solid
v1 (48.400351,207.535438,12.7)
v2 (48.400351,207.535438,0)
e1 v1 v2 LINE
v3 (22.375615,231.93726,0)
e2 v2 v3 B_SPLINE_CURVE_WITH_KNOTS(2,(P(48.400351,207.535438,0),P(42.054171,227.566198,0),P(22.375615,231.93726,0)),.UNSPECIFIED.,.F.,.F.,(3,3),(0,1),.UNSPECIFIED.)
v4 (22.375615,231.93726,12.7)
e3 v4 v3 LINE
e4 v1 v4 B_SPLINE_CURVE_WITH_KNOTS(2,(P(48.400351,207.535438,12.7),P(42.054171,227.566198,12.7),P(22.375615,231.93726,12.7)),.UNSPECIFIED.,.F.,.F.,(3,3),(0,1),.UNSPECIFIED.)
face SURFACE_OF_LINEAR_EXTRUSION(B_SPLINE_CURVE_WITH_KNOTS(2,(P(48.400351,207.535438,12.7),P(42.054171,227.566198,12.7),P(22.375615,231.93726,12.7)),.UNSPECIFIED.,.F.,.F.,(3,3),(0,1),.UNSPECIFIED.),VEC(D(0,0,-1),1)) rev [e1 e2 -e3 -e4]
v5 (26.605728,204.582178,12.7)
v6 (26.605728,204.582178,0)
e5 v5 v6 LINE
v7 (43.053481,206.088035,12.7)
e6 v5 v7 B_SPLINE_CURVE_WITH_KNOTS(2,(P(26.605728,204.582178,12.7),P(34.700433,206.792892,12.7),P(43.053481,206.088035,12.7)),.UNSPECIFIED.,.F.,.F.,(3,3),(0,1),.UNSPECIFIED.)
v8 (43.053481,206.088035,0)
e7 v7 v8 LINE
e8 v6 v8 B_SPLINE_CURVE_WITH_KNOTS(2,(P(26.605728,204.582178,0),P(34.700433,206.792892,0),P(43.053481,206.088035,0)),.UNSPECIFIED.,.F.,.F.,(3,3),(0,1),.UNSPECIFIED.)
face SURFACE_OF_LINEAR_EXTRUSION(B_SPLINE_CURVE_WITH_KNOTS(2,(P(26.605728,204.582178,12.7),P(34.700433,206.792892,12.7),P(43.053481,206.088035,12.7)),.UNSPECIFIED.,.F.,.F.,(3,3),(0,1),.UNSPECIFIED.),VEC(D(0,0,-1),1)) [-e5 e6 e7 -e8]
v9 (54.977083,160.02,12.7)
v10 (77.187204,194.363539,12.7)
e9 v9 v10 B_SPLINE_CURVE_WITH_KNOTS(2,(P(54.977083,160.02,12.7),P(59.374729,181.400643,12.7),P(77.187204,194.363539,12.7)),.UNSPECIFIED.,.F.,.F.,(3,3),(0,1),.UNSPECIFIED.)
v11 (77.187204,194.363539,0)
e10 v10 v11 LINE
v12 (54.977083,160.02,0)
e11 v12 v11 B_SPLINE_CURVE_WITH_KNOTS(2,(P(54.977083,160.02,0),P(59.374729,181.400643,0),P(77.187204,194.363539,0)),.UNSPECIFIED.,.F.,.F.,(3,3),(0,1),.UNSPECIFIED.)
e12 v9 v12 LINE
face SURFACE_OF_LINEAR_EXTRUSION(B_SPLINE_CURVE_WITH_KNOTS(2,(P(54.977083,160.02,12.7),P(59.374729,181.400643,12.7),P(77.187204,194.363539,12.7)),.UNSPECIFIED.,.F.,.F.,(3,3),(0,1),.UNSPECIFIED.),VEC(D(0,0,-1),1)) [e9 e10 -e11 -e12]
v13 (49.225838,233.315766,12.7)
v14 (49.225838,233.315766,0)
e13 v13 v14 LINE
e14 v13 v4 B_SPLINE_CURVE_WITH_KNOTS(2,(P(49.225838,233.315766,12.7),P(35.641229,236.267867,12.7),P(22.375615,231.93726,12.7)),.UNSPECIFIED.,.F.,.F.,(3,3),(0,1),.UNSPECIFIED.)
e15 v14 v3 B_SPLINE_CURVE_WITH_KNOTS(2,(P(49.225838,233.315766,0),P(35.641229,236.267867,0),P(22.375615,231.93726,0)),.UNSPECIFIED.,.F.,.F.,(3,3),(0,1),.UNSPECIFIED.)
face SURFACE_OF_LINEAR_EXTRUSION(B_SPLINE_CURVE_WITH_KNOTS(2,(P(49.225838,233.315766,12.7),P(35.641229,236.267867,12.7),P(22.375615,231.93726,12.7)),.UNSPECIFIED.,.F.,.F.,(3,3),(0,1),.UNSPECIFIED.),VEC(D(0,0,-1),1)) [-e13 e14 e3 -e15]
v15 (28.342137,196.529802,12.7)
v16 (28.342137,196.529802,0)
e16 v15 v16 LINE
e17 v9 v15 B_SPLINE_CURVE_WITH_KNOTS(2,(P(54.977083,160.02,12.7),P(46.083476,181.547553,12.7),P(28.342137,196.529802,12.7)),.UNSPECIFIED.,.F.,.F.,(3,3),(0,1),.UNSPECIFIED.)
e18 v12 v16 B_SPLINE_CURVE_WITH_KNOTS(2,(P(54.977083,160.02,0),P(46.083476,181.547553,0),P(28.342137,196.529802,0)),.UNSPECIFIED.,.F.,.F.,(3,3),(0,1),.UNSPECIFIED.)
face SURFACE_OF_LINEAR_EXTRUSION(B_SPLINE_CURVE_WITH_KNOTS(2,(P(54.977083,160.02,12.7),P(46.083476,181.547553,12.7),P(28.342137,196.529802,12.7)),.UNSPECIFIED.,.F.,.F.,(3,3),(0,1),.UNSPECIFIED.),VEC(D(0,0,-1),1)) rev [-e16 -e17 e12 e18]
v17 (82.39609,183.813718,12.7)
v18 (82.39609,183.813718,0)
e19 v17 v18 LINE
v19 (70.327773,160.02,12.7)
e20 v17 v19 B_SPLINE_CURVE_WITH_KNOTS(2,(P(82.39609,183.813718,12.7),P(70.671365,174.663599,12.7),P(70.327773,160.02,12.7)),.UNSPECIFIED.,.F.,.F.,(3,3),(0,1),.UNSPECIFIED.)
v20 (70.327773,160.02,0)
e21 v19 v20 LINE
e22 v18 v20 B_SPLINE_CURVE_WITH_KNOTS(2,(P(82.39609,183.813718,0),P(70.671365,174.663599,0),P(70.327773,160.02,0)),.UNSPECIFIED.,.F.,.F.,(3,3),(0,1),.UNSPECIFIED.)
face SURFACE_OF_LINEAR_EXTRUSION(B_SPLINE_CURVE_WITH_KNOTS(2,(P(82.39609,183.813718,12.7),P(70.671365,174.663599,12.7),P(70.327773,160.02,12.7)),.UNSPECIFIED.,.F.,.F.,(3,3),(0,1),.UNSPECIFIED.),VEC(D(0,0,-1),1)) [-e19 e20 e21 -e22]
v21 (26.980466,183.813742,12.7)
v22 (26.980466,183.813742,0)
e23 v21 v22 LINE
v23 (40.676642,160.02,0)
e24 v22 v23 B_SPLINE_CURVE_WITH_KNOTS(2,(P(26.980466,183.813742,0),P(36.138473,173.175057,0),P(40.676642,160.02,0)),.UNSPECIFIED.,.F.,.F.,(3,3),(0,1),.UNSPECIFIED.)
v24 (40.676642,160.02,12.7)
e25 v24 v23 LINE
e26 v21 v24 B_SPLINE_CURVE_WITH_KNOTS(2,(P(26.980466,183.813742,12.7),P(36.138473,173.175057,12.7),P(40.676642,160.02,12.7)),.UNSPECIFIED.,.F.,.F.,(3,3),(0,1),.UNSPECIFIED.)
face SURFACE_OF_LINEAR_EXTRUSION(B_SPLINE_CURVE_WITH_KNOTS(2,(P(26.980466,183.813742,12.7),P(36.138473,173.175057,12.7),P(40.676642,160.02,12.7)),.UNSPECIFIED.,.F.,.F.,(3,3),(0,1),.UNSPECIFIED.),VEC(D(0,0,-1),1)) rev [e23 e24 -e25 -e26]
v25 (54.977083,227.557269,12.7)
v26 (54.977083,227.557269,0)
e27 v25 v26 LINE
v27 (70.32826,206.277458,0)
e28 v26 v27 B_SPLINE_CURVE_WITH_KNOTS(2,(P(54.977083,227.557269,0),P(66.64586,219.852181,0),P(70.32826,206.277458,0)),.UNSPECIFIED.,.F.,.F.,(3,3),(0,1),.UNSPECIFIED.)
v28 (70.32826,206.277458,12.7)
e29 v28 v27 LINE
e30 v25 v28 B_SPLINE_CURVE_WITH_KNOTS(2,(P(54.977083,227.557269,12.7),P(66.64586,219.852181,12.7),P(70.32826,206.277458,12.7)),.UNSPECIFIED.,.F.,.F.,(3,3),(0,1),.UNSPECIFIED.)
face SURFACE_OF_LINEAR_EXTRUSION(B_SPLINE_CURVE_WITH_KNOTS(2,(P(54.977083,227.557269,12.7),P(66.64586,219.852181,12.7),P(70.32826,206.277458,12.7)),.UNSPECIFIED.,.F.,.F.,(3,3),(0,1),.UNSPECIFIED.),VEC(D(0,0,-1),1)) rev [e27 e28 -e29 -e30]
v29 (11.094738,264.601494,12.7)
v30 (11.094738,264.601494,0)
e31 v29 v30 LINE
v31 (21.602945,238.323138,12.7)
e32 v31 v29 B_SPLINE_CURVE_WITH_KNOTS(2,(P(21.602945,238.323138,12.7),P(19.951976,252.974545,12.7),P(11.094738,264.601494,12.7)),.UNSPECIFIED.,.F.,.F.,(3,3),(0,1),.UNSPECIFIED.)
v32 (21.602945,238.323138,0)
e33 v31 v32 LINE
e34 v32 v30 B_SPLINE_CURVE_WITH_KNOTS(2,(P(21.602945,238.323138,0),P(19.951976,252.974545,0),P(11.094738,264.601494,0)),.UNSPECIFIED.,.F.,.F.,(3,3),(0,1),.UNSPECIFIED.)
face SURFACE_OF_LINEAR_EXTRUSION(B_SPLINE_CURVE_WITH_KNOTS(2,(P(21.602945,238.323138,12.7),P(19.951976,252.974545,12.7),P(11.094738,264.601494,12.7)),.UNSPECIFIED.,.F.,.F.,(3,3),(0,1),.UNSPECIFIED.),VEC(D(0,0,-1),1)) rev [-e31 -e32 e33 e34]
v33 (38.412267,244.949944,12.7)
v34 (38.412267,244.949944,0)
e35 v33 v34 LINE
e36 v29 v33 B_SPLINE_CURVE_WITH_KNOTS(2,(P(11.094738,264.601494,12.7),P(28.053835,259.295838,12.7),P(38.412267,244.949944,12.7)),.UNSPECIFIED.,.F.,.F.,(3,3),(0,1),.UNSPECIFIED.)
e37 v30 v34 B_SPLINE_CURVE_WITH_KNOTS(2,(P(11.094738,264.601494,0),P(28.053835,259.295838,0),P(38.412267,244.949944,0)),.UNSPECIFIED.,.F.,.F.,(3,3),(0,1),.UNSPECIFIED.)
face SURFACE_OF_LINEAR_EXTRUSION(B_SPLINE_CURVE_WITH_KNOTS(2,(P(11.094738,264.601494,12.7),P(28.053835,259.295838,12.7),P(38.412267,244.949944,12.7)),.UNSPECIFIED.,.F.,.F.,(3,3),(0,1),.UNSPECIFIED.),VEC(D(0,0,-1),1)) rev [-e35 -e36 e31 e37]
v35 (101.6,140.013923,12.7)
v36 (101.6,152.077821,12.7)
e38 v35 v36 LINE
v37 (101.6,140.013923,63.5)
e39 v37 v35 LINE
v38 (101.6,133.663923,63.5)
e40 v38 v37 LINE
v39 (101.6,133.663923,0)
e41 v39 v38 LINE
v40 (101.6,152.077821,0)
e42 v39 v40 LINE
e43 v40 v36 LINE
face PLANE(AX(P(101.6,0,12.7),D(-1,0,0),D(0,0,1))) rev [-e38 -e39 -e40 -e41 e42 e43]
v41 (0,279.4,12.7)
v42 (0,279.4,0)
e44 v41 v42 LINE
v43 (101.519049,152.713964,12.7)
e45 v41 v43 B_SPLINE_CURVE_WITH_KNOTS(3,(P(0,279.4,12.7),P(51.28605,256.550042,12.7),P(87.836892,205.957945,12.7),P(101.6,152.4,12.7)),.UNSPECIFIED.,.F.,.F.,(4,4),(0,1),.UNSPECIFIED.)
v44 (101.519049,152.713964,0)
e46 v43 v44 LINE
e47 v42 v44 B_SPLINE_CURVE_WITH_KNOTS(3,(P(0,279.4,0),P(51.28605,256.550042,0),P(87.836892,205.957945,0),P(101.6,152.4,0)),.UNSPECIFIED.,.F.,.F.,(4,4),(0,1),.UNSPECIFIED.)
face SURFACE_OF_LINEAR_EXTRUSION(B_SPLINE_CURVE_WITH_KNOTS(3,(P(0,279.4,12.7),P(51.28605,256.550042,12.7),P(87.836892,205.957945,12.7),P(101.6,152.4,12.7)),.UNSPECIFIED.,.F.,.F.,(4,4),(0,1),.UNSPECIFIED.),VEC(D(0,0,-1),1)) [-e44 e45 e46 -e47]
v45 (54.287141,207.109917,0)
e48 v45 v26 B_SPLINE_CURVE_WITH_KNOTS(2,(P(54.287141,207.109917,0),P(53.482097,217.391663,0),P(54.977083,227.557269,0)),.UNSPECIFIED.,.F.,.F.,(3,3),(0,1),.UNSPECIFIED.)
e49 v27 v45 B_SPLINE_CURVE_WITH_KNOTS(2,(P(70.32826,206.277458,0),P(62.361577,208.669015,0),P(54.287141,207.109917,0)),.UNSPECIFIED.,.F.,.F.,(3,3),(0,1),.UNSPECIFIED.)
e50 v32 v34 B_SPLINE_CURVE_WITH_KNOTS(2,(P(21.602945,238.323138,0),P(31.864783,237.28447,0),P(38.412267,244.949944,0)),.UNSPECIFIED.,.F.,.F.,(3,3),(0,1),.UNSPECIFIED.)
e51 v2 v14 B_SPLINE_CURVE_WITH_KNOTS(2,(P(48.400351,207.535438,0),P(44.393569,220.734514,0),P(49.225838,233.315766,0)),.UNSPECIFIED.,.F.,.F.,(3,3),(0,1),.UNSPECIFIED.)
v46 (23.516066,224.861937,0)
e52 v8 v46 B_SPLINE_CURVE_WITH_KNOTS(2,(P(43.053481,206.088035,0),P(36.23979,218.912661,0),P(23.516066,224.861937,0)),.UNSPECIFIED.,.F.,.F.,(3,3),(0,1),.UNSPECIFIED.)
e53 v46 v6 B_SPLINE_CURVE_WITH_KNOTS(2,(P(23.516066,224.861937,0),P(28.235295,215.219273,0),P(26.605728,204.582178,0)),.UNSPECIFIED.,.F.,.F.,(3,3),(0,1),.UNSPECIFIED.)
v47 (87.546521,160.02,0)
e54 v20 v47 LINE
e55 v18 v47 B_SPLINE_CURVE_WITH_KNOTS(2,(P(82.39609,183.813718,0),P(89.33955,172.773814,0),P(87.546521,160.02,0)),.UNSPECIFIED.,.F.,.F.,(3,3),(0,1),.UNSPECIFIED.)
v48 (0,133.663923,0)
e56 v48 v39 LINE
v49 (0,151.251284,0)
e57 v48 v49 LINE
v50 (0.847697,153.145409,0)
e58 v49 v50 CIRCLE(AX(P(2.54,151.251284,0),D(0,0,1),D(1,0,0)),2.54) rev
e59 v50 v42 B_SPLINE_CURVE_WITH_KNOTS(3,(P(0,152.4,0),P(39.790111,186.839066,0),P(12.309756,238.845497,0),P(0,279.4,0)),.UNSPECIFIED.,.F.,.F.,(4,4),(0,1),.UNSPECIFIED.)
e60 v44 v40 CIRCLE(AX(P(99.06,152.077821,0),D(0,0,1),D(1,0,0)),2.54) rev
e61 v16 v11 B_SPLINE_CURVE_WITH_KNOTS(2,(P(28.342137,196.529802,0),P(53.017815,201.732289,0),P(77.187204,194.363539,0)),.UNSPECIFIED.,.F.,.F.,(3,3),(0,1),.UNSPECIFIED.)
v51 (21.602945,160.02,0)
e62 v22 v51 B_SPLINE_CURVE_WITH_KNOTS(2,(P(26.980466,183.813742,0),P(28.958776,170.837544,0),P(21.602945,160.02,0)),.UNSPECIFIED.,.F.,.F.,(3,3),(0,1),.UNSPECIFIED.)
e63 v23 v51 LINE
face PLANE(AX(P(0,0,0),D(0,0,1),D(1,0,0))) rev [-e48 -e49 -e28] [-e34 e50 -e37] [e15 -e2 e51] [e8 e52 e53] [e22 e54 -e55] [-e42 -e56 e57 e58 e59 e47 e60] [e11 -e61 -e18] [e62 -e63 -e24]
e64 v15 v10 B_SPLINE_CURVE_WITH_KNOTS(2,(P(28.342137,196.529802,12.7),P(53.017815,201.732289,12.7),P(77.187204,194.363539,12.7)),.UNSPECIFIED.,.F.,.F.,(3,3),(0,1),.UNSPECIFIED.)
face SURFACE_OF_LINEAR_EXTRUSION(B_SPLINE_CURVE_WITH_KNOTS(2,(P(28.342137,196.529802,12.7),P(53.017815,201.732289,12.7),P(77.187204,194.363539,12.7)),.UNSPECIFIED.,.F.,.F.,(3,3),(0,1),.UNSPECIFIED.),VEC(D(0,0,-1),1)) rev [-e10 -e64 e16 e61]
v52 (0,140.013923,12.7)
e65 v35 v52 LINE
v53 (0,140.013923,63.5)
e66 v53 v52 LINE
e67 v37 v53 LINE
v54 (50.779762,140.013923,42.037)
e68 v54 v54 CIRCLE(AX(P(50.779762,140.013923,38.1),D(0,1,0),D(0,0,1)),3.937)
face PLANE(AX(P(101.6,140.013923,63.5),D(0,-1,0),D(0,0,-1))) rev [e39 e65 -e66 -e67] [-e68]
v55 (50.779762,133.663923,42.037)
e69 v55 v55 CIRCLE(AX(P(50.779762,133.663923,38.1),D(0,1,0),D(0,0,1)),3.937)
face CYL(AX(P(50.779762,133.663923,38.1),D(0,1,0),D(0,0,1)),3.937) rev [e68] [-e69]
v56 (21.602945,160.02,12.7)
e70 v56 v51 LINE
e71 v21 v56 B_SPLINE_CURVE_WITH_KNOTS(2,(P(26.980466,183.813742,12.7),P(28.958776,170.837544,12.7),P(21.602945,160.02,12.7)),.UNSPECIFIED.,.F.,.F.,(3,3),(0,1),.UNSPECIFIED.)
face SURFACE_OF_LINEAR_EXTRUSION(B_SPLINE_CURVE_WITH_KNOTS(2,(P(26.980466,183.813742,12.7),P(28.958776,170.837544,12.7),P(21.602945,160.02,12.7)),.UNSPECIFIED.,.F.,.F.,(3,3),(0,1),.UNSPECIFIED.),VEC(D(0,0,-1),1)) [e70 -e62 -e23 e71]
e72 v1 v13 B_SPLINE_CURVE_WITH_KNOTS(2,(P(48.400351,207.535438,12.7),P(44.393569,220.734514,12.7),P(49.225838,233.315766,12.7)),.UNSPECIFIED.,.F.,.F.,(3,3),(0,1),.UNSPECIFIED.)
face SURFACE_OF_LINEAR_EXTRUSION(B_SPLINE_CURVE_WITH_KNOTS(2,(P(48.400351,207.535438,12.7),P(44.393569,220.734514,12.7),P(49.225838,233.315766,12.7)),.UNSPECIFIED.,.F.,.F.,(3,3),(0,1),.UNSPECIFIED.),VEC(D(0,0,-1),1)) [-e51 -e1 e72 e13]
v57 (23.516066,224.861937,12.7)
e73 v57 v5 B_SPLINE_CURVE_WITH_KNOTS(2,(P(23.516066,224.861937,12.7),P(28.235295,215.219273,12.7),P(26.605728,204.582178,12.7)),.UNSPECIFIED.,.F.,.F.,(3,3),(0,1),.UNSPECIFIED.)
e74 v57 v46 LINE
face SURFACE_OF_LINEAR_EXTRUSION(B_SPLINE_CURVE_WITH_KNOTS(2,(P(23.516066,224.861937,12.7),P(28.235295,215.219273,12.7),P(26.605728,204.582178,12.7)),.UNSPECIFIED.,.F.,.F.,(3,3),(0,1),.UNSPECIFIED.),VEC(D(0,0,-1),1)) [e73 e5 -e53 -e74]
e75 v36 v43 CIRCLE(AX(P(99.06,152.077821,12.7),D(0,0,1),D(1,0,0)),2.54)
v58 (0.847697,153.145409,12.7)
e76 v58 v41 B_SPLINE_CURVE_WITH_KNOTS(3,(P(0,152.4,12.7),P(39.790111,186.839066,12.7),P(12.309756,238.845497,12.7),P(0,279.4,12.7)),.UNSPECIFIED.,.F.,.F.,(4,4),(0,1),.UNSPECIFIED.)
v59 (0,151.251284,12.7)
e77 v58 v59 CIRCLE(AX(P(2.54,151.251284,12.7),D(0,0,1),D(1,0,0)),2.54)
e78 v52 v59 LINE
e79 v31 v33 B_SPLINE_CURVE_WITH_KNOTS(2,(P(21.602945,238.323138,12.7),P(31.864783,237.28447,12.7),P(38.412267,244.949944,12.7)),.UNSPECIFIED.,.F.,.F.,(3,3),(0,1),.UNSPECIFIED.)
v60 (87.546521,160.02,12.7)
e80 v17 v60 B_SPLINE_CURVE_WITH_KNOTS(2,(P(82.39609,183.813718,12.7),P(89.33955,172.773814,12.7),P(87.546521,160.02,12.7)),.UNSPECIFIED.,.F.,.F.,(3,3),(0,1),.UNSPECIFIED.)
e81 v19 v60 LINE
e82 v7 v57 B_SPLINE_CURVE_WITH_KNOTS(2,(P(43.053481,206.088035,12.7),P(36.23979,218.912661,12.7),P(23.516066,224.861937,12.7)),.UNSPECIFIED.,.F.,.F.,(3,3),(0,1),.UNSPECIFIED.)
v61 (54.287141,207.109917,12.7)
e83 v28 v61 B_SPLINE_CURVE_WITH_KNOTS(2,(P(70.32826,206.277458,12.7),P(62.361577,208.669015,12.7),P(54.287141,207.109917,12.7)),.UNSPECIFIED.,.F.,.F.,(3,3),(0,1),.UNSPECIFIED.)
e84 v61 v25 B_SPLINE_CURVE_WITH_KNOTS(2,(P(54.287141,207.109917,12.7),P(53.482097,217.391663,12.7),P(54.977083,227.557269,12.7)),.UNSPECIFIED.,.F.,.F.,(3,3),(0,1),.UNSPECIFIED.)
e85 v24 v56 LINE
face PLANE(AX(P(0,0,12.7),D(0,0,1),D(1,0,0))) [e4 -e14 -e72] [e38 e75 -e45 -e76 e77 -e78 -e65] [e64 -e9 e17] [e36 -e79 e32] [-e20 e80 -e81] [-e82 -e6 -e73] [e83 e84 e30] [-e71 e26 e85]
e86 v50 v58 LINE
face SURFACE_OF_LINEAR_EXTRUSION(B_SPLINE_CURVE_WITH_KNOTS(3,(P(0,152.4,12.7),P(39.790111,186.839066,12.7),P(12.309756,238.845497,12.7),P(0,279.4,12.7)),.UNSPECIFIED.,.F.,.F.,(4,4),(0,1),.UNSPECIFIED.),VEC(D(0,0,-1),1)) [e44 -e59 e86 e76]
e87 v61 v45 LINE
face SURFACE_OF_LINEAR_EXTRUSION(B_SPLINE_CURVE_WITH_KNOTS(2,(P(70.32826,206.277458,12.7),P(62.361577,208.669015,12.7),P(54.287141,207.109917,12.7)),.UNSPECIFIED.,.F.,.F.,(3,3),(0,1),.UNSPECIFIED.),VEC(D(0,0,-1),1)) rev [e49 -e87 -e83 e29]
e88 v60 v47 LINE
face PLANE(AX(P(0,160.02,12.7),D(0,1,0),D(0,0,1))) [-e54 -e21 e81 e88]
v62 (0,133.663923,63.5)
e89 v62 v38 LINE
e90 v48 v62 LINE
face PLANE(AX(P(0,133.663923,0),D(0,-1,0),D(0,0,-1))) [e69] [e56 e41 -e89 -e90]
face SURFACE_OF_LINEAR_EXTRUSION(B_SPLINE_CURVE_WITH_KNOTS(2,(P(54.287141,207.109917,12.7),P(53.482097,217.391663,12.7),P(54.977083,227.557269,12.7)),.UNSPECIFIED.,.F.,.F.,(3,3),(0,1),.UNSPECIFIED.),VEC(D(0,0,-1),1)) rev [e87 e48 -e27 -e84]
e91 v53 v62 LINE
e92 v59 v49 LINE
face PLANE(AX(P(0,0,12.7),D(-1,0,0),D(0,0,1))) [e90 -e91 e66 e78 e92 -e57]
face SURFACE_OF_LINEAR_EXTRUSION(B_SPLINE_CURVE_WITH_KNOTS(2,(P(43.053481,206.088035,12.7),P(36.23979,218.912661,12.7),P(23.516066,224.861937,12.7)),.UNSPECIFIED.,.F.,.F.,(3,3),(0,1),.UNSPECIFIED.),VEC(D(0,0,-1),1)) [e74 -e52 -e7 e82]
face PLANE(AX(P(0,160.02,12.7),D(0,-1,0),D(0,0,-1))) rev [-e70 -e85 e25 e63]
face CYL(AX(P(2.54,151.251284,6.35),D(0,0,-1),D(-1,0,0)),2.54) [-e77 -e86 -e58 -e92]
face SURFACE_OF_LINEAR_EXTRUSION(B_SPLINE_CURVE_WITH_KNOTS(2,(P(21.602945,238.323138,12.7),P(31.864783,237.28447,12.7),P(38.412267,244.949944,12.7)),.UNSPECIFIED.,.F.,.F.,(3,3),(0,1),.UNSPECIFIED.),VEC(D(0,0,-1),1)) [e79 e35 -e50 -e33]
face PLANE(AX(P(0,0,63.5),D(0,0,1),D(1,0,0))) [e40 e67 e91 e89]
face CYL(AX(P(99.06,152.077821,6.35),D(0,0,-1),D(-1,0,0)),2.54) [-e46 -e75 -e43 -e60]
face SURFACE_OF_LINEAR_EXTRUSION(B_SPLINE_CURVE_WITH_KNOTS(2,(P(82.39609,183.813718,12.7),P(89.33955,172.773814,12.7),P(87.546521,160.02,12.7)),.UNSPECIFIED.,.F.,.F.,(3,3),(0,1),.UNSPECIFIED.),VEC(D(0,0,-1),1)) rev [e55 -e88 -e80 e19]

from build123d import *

# Parameters (mm, degrees)
SKETCH1_W           = 101.6
SKETCH1_H           = 152.4
BOSS_EXTRUDE1_DEPTH = 12.7
BOSS_EXTRUDE3_DEPTH = 12.7
FILLET1_R           = 2.54
FILLET2_R           = 5.08
CUT_EXTRUDE2_DEPTH  = 298.570512784
SKETCH8_W           = 101.6
SKETCH8_H           = 6.35
BOSS_EXTRUDE4_DEPTH = 50.8
SKETCH9_R           = 3.937
CUT_EXTRUDE3_DEPTH  = 184.802308472


with BuildPart() as part:
    # Sketch1 → Boss-Extrude1 (new body)
    with BuildSketch(Plane.XY):
        with Locations((50.8, 76.2)):
            Rectangle(SKETCH1_W, SKETCH1_H)
    extrude(amount=BOSS_EXTRUDE1_DEPTH)

    # Sketch2 → Boss-Extrude3 (add)
    with BuildSketch(Plane.XY):
        with BuildLine():
            add(Edge.make_bspline(
                [(0, 152.4), (39.790111277, 186.839065643), (12.30975625, 238.845497073), (0, 279.4)],
                knots=[0, 0, 0, 0, 1, 1, 1, 1], degree=3))
            add(Edge.make_bspline(
                [(0, 279.4), (51.286050257, 256.550041835), (87.836892382, 205.957944637), (101.6, 152.4)],
                knots=[0, 0, 0, 0, 1, 1, 1, 1], degree=3))
            Line((101.6, 152.4), (0, 152.4))
        make_face()
        with BuildLine():
            add(Edge.make_bspline(
                [(49.225838487, 233.315766274), (35.641228944, 236.267866949), (22.375615267, 231.937259722)],
                knots=[0, 0, 0, 1, 1, 1], degree=2))
            add(Edge.make_bspline(
                [(48.400350721, 207.535437601), (42.054170901, 227.566198031), (22.375615267, 231.937259722)],
                knots=[0, 0, 0, 1, 1, 1], degree=2))
            add(Edge.make_bspline(
                [(48.400350721, 207.535437601), (44.393568943, 220.734513873), (49.225838487, 233.315766274)],
                knots=[0, 0, 0, 1, 1, 1], degree=2))
        make_face(mode=Mode.SUBTRACT)
        with BuildLine():
            add(Edge.make_bspline(
                [(43.05348098, 206.08803494), (36.239789994, 218.91266054), (23.516066372, 224.861937296)],
                knots=[0, 0, 0, 1, 1, 1], degree=2))
            add(Edge.make_bspline(
                [(23.516066372, 224.861937296), (28.235295407, 215.21927262), (26.605728117, 204.582177714)],
                knots=[0, 0, 0, 1, 1, 1], degree=2))
            add(Edge.make_bspline(
                [(26.605728117, 204.582177714), (34.700432609, 206.792891754), (43.05348098, 206.08803494)],
                knots=[0, 0, 0, 1, 1, 1], degree=2))
        make_face(mode=Mode.SUBTRACT)
        with BuildLine():
            add(Edge.make_bspline(
                [(82.396089655, 183.81371778), (70.6713649, 174.663598784), (70.32777317, 160.02)],
                knots=[0, 0, 0, 1, 1, 1], degree=2))
            Line((70.32777317, 160.02), (87.546521436, 160.02))
            add(Edge.make_bspline(
                [(82.396089655, 183.81371778), (89.339550367, 172.773814043), (87.546521436, 160.02)],
                knots=[0, 0, 0, 1, 1, 1], degree=2))
        make_face(mode=Mode.SUBTRACT)
        with BuildLine():
            add(Edge.make_bspline(
                [(26.980466376, 183.81374211), (28.958775605, 170.837543608), (21.602944743, 160.02)],
                knots=[0, 0, 0, 1, 1, 1], degree=2))
            Line((21.602944743, 160.02), (40.676641776, 160.02))
            add(Edge.make_bspline(
                [(26.980466376, 183.81374211), (36.13847285, 173.175056715), (40.676641776, 160.02)],
                knots=[0, 0, 0, 1, 1, 1], degree=2))
        make_face(mode=Mode.SUBTRACT)
        with BuildLine():
            add(Edge.make_bspline(
                [(54.97708308, 160.02), (46.08347584, 181.54755316), (28.342136903, 196.529802482)],
                knots=[0, 0, 0, 1, 1, 1], degree=2))
            add(Edge.make_bspline(
                [(28.342136903, 196.529802482), (53.017815002, 201.732288521), (77.187204495, 194.363538628)],
                knots=[0, 0, 0, 1, 1, 1], degree=2))
            add(Edge.make_bspline(
                [(54.97708308, 160.02), (59.374728895, 181.400643158), (77.187204495, 194.363538628)],
                knots=[0, 0, 0, 1, 1, 1], degree=2))
        make_face(mode=Mode.SUBTRACT)
        with BuildLine():
            add(Edge.make_bspline(
                [(70.328259561, 206.277457578), (62.361576962, 208.669014941), (54.287141362, 207.109917469)],
                knots=[0, 0, 0, 1, 1, 1], degree=2))
            add(Edge.make_bspline(
                [(54.287141362, 207.109917469), (53.482096811, 217.391663167), (54.97708308, 227.557269012)],
                knots=[0, 0, 0, 1, 1, 1], degree=2))
            add(Edge.make_bspline(
                [(54.97708308, 227.557269012), (66.645859754, 219.852180834), (70.328259561, 206.277457578)],
                knots=[0, 0, 0, 1, 1, 1], degree=2))
        make_face(mode=Mode.SUBTRACT)
        with BuildLine():
            add(Edge.make_bspline(
                [(21.602944743, 238.323137826), (19.95197567, 252.974545225), (11.094737768, 264.601494061)],
                knots=[0, 0, 0, 1, 1, 1], degree=2))
            add(Edge.make_bspline(
                [(11.094737768, 264.601494061), (28.053835186, 259.295838115), (38.412267282, 244.949944056)],
                knots=[0, 0, 0, 1, 1, 1], degree=2))
            add(Edge.make_bspline(
                [(21.602944743, 238.323137826), (31.864782779, 237.284469605), (38.412267282, 244.949944056)],
                knots=[0, 0, 0, 1, 1, 1], degree=2))
        make_face(mode=Mode.SUBTRACT)
    extrude(amount=BOSS_EXTRUDE3_DEPTH)

    # Fillet1
    fillet1_edges = [part.edges().sort_by_distance(p)[0] for p in [
        (101.6, 152.4, 6.35),
        (0, 152.4, 6.35),
    ]]
    fillet(fillet1_edges, radius=FILLET1_R)

    # Fillet2
    fillet2_edges = [part.edges().sort_by_distance(p)[0] for p in [
        (0, 0, 6.35),
        (101.6, 0, 6.35),
    ]]
    fillet(fillet2_edges, radius=FILLET2_R)

    # Sketch5 → Cut-Extrude2 (cut, through all)
    with BuildSketch(Plane.XY.offset(12.7)):
        with BuildLine():
            Line((101.6, 133.663922723), (101.519048921, 133.663922723))
            Line((101.519048921, 133.663922723), (0, 133.663922723))
            Line((0, 133.663922723), (0, 5.08))
            ThreePointArc((0, 5.08), (1.487897552, 1.487897552), (5.08, 0))
            Line((5.08, 0), (96.52, 0))
            ThreePointArc((96.52, 0), (100.112102448, 1.487897552), (101.6, 5.08))
            Line((101.6, 5.08), (101.6, 133.663922723))
        make_face()
    extrude(amount=-CUT_EXTRUDE2_DEPTH, mode=Mode.SUBTRACT)

    # Sketch8 → Boss-Extrude4 (add)
    with BuildSketch(Plane.XY.offset(12.7)):
        with Locations((50.8, 136.838922723)):
            Rectangle(SKETCH8_W, SKETCH8_H)
    extrude(amount=BOSS_EXTRUDE4_DEPTH)

    # Sketch9 → Cut-Extrude3 (cut, through all)
    with BuildSketch(Plane(origin=(0, 140.013922723, 0), x_dir=(1, 0, 0), z_dir=(0, 1, 0))):
        with Locations(Location((50.77976223, -38.1, 0), (0, 0, 270))):
            Circle(SKETCH9_R)
    extrude(amount=-CUT_EXTRUDE3_DEPTH, mode=Mode.SUBTRACT)


solid = part.part
